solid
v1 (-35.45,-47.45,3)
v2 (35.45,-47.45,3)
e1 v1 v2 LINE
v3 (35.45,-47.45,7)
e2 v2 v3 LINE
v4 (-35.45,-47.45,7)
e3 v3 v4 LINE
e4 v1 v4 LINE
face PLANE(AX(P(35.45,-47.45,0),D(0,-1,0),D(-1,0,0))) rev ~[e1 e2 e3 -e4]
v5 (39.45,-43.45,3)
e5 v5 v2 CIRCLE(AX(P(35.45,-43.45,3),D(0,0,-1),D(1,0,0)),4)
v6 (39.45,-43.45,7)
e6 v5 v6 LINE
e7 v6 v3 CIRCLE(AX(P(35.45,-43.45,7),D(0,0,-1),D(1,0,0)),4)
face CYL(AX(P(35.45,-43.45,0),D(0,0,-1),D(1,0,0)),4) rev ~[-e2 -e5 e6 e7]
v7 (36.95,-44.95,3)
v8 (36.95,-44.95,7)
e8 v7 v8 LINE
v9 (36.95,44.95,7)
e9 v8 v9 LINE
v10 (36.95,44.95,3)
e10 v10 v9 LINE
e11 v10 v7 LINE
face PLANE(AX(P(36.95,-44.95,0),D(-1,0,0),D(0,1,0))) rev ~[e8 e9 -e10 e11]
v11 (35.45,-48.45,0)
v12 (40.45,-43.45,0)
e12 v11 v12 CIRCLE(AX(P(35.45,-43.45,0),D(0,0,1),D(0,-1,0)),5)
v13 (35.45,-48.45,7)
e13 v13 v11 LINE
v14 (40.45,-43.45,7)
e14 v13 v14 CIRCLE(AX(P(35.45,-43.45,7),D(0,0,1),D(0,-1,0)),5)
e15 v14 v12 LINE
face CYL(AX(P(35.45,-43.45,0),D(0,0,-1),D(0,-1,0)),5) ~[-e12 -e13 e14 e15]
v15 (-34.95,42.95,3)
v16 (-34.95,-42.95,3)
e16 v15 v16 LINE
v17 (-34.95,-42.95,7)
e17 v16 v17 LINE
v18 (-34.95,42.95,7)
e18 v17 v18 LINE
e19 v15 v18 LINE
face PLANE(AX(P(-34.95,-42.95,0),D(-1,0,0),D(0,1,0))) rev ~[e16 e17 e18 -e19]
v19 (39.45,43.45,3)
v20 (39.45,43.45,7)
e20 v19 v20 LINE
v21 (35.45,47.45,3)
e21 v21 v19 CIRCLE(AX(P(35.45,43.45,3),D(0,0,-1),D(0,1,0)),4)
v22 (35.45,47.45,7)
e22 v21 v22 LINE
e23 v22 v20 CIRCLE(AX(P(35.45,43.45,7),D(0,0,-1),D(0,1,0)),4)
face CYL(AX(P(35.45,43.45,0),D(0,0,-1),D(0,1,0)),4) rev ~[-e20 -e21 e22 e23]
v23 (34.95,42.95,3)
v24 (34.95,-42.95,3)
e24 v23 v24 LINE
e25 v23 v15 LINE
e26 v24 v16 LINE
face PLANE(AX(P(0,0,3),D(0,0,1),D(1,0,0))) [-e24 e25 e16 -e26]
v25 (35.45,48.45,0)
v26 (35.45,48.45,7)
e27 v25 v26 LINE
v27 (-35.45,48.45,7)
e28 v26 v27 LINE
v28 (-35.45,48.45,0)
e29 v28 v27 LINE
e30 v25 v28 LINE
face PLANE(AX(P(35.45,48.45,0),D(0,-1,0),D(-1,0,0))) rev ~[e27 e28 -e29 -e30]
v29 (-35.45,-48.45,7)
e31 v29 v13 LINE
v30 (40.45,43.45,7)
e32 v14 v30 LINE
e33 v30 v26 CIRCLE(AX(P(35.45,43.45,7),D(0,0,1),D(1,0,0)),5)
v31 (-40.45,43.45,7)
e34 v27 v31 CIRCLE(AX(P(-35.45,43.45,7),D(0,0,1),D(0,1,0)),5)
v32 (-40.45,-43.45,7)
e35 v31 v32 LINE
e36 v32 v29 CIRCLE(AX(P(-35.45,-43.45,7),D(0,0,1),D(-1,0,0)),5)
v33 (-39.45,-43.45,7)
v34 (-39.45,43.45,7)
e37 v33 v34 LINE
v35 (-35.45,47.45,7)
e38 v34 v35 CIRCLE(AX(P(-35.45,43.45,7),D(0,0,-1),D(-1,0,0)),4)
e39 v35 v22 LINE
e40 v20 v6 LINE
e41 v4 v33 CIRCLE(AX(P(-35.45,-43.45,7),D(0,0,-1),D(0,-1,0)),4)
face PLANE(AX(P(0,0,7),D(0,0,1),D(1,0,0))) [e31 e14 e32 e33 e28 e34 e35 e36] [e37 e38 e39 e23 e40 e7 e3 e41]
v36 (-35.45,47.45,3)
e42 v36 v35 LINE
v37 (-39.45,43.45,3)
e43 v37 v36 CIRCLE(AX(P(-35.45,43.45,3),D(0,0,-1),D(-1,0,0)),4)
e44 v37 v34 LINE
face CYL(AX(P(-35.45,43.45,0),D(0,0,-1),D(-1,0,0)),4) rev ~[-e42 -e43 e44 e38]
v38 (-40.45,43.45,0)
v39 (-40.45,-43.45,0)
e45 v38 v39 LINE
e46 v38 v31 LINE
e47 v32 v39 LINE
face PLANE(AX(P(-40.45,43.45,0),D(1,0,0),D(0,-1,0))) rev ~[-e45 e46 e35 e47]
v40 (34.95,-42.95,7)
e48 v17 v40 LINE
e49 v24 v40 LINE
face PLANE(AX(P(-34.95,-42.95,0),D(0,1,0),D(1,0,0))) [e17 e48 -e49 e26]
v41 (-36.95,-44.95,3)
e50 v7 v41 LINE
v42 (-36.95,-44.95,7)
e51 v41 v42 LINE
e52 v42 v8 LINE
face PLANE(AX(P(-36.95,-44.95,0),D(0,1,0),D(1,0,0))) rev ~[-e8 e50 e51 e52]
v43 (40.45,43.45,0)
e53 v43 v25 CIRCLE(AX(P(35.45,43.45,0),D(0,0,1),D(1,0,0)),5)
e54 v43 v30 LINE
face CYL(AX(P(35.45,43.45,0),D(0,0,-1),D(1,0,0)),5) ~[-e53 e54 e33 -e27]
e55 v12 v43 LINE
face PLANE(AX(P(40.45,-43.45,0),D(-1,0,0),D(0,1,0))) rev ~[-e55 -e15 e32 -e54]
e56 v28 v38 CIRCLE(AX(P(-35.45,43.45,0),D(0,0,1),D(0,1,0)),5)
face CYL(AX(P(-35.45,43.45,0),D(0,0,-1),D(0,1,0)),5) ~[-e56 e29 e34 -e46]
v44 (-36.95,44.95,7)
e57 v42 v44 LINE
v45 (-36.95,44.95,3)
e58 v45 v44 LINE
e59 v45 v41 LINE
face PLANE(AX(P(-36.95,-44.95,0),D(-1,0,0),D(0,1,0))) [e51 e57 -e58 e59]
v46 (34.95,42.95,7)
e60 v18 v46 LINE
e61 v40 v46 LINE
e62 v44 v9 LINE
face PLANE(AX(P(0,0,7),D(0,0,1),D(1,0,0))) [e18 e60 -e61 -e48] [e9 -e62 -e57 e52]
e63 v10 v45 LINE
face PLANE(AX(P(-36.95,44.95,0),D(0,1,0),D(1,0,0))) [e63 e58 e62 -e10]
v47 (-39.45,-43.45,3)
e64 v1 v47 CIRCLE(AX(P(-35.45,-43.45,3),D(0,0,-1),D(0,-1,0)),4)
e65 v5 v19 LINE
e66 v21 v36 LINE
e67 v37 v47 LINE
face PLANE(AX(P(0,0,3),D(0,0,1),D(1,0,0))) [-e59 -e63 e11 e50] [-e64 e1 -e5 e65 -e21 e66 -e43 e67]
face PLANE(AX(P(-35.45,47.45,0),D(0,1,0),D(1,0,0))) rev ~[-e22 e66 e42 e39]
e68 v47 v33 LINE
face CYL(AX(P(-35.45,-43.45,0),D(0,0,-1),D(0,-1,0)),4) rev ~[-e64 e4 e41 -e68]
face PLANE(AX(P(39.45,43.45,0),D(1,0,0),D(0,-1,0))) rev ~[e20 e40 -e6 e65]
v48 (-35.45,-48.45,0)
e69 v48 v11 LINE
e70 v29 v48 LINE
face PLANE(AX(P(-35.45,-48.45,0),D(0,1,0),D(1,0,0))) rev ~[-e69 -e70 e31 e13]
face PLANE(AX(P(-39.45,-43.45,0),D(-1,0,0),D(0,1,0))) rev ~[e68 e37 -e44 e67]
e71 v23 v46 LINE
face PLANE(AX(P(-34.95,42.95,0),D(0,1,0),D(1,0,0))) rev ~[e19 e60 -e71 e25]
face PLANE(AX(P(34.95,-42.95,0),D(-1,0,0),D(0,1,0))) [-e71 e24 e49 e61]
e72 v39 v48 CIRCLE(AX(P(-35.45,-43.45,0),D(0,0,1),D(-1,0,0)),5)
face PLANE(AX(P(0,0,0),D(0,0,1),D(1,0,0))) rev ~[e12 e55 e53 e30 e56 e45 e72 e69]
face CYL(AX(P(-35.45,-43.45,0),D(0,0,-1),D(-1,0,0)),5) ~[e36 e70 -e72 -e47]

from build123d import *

# Parameters (mm, degrees)
F0_W     = 73.9
F0_H     = 89.9
F0_W_2   = 69.9
F0_H_2   = 85.9
F1_DEPTH = 3
F2_DEPTH = 7
F3_DEPTH = 7


with BuildPart() as f1:
    # F0 (on Top) → F1 (new body)
    with BuildSketch(Plane.XY):
        with BuildLine():
            Line((40.45, -43.45), (40.45, 43.45))
            ThreePointArc((40.45, 43.45), (38.9855339059, 46.9855339059), (35.45, 48.45))
            Line((35.45, 48.45), (-35.45, 48.45))
            ThreePointArc((-35.45, 48.45), (-38.9855339059, 46.9855339059), (-40.45, 43.45))
            Line((-40.45, 43.45), (-40.45, -43.45))
            ThreePointArc((-40.45, -43.45), (-38.9855339059, -46.9855339059), (-35.45, -48.45))
            Line((-35.45, -48.45), (35.45, -48.45))
            ThreePointArc((35.45, -48.45), (38.9855339059, -46.9855339059), (40.45, -43.45))
        make_face()
        with BuildLine():
            ThreePointArc((-39.45, 43.45), (-38.2784271247, 46.2784271247), (-35.45, 47.45))
            Line((-35.45, 47.45), (35.45, 47.45))
            ThreePointArc((35.45, 47.45), (38.2784271247, 46.2784271247), (39.45, 43.45))
            Line((39.45, 43.45), (39.45, -43.45))
            ThreePointArc((39.45, -43.45), (38.2784271247, -46.2784271247), (35.45, -47.45))
            Line((35.45, -47.45), (-35.45, -47.45))
            ThreePointArc((-35.45, -47.45), (-38.2784271247, -46.2784271247), (-39.45, -43.45))
            Line((-39.45, -43.45), (-39.45, 43.45))
        make_face(mode=Mode.SUBTRACT)
        with BuildLine():
            Line((35.45, 47.45), (-35.45, 47.45))
            ThreePointArc((-35.45, 47.45), (-38.2784271247, 46.2784271247), (-39.45, 43.45))
            Line((-39.45, 43.45), (-39.45, -43.45))
            ThreePointArc((-39.45, -43.45), (-38.2784271247, -46.2784271247), (-35.45, -47.45))
            Line((-35.45, -47.45), (35.45, -47.45))
            ThreePointArc((35.45, -47.45), (38.2784271247, -46.2784271247), (39.45, -43.45))
            Line((39.45, -43.45), (39.45, 43.45))
            ThreePointArc((39.45, 43.45), (38.2784271247, 46.2784271247), (35.45, 47.45))
        make_face()
        Rectangle(F0_W, F0_H, mode=Mode.SUBTRACT)
        Rectangle(F0_W, F0_H)
        Rectangle(F0_W_2, F0_H_2, mode=Mode.SUBTRACT)
        Rectangle(F0_W_2, F0_H_2)
    extrude(amount=F1_DEPTH)

    # F0 (on Top) → F2 (join)
    with BuildSketch(Plane.XY):
        with BuildLine():
            Line((40.45, -43.45), (40.45, 43.45))
            ThreePointArc((40.45, 43.45), (38.9855339059, 46.9855339059), (35.45, 48.45))
            Line((35.45, 48.45), (-35.45, 48.45))
            ThreePointArc((-35.45, 48.45), (-38.9855339059, 46.9855339059), (-40.45, 43.45))
            Line((-40.45, 43.45), (-40.45, -43.45))
            ThreePointArc((-40.45, -43.45), (-38.9855339059, -46.9855339059), (-35.45, -48.45))
            Line((-35.45, -48.45), (35.45, -48.45))
            ThreePointArc((35.45, -48.45), (38.9855339059, -46.9855339059), (40.45, -43.45))
        make_face()
        with BuildLine():
            ThreePointArc((-39.45, 43.45), (-38.2784271247, 46.2784271247), (-35.45, 47.45))
            Line((-35.45, 47.45), (35.45, 47.45))
            ThreePointArc((35.45, 47.45), (38.2784271247, 46.2784271247), (39.45, 43.45))
            Line((39.45, 43.45), (39.45, -43.45))
            ThreePointArc((39.45, -43.45), (38.2784271247, -46.2784271247), (35.45, -47.45))
            Line((35.45, -47.45), (-35.45, -47.45))
            ThreePointArc((-35.45, -47.45), (-38.2784271247, -46.2784271247), (-39.45, -43.45))
            Line((-39.45, -43.45), (-39.45, 43.45))
        make_face(mode=Mode.SUBTRACT)
    extrude(amount=F2_DEPTH)

    # F0 (on Top) → F3 (join)
    with BuildSketch(Plane.XY):
        Rectangle(F0_W, F0_H)
        Rectangle(F0_W_2, F0_H_2, mode=Mode.SUBTRACT)
    extrude(amount=F3_DEPTH)


solid = f1.part
